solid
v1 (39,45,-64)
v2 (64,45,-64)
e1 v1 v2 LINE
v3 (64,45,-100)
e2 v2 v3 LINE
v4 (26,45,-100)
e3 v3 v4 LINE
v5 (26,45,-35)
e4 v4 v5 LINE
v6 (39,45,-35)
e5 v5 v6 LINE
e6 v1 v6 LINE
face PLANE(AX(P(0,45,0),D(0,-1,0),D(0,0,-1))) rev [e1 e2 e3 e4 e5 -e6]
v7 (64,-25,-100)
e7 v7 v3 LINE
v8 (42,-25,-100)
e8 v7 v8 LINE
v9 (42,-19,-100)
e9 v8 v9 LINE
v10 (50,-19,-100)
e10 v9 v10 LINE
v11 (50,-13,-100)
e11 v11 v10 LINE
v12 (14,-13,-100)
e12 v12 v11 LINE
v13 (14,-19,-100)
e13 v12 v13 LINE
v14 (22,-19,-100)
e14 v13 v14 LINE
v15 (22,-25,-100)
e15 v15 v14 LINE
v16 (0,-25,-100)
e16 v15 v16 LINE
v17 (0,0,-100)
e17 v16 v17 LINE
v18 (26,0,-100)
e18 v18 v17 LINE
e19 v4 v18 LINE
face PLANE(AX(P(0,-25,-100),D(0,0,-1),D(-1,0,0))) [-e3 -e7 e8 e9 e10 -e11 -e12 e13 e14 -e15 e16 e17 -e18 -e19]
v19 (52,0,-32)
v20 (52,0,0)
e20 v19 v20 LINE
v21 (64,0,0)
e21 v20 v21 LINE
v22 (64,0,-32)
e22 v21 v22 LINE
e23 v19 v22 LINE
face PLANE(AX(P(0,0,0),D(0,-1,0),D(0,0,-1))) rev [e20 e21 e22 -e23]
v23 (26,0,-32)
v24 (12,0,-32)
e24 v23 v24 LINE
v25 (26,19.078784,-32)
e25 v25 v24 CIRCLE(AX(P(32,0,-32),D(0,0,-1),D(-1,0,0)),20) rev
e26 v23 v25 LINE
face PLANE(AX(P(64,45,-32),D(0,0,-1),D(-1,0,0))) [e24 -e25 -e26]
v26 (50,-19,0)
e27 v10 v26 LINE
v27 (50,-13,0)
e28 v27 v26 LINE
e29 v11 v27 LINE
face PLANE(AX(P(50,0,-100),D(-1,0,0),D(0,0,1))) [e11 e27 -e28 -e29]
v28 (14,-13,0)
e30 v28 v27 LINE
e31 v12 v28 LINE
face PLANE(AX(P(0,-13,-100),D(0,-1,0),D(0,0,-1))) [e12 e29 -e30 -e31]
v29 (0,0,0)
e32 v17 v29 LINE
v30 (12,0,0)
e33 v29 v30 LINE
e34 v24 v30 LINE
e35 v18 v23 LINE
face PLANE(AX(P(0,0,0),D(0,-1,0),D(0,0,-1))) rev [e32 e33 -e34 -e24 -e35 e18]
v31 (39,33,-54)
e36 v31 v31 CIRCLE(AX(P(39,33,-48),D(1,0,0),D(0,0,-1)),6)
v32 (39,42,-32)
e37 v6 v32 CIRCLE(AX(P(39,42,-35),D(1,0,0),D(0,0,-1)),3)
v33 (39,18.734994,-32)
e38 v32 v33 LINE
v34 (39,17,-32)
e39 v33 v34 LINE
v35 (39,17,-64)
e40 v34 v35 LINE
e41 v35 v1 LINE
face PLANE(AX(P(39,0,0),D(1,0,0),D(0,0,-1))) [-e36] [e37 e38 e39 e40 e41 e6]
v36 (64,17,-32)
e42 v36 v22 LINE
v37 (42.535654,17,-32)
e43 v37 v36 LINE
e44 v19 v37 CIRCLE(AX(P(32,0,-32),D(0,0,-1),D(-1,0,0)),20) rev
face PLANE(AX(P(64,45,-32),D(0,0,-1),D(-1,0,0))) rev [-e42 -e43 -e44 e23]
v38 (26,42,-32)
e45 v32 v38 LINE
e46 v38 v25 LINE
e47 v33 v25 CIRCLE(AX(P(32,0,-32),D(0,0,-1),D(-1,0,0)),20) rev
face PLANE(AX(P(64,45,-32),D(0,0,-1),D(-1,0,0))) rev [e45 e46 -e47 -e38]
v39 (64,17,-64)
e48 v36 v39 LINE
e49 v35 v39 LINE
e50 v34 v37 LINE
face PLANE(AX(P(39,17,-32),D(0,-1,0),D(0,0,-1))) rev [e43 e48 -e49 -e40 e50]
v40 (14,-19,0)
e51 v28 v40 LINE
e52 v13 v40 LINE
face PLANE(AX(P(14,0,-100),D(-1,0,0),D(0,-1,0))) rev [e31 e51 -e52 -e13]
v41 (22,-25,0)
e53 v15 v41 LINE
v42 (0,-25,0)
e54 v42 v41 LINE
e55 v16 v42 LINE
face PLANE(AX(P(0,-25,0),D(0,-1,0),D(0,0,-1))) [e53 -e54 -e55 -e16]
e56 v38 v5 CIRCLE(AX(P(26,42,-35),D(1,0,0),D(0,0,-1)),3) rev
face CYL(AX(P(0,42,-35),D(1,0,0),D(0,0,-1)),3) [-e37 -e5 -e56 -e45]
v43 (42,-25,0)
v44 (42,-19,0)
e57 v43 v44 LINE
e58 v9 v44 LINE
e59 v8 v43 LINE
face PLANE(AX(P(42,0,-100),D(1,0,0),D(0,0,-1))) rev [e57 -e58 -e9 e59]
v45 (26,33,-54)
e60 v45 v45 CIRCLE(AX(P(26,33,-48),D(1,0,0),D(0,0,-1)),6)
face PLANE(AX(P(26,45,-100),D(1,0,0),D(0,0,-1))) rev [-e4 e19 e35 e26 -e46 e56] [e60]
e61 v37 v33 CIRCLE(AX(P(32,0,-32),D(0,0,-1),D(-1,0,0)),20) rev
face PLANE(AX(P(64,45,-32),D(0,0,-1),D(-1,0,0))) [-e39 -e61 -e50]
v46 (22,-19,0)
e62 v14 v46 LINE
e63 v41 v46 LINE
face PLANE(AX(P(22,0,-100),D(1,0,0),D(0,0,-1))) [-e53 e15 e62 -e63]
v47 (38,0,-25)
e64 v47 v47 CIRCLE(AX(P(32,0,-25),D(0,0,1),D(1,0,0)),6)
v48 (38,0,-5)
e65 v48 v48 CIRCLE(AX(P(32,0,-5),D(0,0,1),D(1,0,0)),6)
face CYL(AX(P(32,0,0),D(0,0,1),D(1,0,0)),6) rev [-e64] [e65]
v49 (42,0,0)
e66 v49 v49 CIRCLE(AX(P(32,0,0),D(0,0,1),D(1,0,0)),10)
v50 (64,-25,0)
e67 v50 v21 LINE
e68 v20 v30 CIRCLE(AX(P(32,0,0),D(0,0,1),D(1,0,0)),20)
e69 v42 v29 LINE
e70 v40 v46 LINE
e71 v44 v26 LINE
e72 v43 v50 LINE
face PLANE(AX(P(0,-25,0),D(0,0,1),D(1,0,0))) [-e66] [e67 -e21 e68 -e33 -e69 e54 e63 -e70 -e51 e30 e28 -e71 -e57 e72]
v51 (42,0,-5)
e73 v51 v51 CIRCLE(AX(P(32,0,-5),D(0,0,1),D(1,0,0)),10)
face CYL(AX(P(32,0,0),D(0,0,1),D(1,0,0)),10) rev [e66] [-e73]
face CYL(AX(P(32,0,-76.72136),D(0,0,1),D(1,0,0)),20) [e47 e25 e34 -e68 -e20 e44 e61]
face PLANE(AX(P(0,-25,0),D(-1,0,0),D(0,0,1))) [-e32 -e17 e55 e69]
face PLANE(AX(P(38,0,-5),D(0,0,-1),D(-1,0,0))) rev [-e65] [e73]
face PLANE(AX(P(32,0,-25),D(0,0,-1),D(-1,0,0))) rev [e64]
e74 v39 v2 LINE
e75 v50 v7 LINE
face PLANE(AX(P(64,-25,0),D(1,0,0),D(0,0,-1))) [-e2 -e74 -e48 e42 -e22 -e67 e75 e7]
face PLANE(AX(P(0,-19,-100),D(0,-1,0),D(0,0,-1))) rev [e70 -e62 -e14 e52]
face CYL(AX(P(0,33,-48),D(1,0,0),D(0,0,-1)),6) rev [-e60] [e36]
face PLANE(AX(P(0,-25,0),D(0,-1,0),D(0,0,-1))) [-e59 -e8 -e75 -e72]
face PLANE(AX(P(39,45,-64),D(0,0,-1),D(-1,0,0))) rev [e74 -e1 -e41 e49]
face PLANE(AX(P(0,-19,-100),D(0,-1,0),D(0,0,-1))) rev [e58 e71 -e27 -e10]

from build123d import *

# Parameters (mm, degrees)
SKETCH1_W                                    = 64
SKETCH1_H                                    = 100
BOSS_EXTRUDE1_DEPTH                          = 25
SKETCH2_W                                    = 38
SKETCH2_H                                    = 68
BOSS_EXTRUDE2_DEPTH                          = 45
SKETCH3_W                                    = 32
SKETCH3_H                                    = 28
CUT_EXTRUDE1_DEPTH                           = 25
BOSS_EXTRUDE3_DEPTH                          = 32
CUT_EXTRUDE2_DEPTH                           = 127.968500031
FILLET1_R                                    = 3
CBORE_FOR_M10_CHEESE_HEAD_SCREW1_D           = 12
CBORE_FOR_M10_CHEESE_HEAD_SCREW1_DEPTH       = 25
CBORE_FOR_M10_CHEESE_HEAD_SCREW1_CBORE_D     = 20
CBORE_FOR_M10_CHEESE_HEAD_SCREW1_CBORE_DEPTH = 5
SKETCH7_R                                    = 6
CUT_EXTRUDE3_DEPTH                           = 117.387284529


with BuildPart() as part:
    # Sketch1 → Boss-Extrude1 (new body)
    with BuildSketch(Plane(origin=(0, 0, 0), x_dir=(1, 0, 0), z_dir=(0, 1, 0))):
        with Locations((32, 50)):
            Rectangle(SKETCH1_W, SKETCH1_H)
    extrude(amount=-BOSS_EXTRUDE1_DEPTH)

    # Sketch2 → Boss-Extrude2 (add)
    with BuildSketch(Plane(origin=(0, 0, 0), x_dir=(1, 0, 0), z_dir=(0, 1, 0))):
        with Locations((45, 66)):
            Rectangle(SKETCH2_W, SKETCH2_H)
    extrude(amount=BOSS_EXTRUDE2_DEPTH)

    # Sketch3 → Cut-Extrude1 (cut)
    with BuildSketch(Plane(origin=(64, 0, 0), x_dir=(0, 0, -1), z_dir=(1, 0, 0))):
        with Locations((48, 31)):
            Rectangle(SKETCH3_W, SKETCH3_H)
    extrude(amount=-CUT_EXTRUDE1_DEPTH, mode=Mode.SUBTRACT)

    # Sketch4 → Boss-Extrude3 (add)
    with BuildSketch(Plane.XY):
        with BuildLine():
            ThreePointArc((52, 0), (32, 20), (12, 0))
            Line((12, 0), (52, 0))
        make_face()
    extrude(amount=-BOSS_EXTRUDE3_DEPTH)

    # Sketch4<3> → Cut-Extrude2 (cut, through all)
    with BuildSketch(Plane.XY):
        Polygon((22, -19), (22, -25), (42, -25), (42, -19), (50, -19), (50, -13), (14, -13), (14, -19), align=None)
    extrude(amount=-CUT_EXTRUDE2_DEPTH, mode=Mode.SUBTRACT)

    # Fillet1
    fillet1_edges = [part.edges().sort_by_distance(p)[0] for p in [
        (32.5, 45, -32),
    ]]
    fillet(fillet1_edges, radius=FILLET1_R)

    # CBORE for M10 Cheese Head Screw1
    with Locations(Plane.XY):
        with Locations((32, 0)):
            CounterBoreHole(CBORE_FOR_M10_CHEESE_HEAD_SCREW1_D / 2, CBORE_FOR_M10_CHEESE_HEAD_SCREW1_CBORE_D / 2, CBORE_FOR_M10_CHEESE_HEAD_SCREW1_CBORE_DEPTH, depth=CBORE_FOR_M10_CHEESE_HEAD_SCREW1_DEPTH)

    # Sketch7 → Cut-Extrude3 (cut, through all)
    with BuildSketch(Plane(origin=(39, 0, 0), x_dir=(0, 0, -1), z_dir=(1, 0, 0))):
        with Locations((48, 33)):
            Circle(SKETCH7_R)
    extrude(amount=-CUT_EXTRUDE3_DEPTH, mode=Mode.SUBTRACT)


solid = part.part
